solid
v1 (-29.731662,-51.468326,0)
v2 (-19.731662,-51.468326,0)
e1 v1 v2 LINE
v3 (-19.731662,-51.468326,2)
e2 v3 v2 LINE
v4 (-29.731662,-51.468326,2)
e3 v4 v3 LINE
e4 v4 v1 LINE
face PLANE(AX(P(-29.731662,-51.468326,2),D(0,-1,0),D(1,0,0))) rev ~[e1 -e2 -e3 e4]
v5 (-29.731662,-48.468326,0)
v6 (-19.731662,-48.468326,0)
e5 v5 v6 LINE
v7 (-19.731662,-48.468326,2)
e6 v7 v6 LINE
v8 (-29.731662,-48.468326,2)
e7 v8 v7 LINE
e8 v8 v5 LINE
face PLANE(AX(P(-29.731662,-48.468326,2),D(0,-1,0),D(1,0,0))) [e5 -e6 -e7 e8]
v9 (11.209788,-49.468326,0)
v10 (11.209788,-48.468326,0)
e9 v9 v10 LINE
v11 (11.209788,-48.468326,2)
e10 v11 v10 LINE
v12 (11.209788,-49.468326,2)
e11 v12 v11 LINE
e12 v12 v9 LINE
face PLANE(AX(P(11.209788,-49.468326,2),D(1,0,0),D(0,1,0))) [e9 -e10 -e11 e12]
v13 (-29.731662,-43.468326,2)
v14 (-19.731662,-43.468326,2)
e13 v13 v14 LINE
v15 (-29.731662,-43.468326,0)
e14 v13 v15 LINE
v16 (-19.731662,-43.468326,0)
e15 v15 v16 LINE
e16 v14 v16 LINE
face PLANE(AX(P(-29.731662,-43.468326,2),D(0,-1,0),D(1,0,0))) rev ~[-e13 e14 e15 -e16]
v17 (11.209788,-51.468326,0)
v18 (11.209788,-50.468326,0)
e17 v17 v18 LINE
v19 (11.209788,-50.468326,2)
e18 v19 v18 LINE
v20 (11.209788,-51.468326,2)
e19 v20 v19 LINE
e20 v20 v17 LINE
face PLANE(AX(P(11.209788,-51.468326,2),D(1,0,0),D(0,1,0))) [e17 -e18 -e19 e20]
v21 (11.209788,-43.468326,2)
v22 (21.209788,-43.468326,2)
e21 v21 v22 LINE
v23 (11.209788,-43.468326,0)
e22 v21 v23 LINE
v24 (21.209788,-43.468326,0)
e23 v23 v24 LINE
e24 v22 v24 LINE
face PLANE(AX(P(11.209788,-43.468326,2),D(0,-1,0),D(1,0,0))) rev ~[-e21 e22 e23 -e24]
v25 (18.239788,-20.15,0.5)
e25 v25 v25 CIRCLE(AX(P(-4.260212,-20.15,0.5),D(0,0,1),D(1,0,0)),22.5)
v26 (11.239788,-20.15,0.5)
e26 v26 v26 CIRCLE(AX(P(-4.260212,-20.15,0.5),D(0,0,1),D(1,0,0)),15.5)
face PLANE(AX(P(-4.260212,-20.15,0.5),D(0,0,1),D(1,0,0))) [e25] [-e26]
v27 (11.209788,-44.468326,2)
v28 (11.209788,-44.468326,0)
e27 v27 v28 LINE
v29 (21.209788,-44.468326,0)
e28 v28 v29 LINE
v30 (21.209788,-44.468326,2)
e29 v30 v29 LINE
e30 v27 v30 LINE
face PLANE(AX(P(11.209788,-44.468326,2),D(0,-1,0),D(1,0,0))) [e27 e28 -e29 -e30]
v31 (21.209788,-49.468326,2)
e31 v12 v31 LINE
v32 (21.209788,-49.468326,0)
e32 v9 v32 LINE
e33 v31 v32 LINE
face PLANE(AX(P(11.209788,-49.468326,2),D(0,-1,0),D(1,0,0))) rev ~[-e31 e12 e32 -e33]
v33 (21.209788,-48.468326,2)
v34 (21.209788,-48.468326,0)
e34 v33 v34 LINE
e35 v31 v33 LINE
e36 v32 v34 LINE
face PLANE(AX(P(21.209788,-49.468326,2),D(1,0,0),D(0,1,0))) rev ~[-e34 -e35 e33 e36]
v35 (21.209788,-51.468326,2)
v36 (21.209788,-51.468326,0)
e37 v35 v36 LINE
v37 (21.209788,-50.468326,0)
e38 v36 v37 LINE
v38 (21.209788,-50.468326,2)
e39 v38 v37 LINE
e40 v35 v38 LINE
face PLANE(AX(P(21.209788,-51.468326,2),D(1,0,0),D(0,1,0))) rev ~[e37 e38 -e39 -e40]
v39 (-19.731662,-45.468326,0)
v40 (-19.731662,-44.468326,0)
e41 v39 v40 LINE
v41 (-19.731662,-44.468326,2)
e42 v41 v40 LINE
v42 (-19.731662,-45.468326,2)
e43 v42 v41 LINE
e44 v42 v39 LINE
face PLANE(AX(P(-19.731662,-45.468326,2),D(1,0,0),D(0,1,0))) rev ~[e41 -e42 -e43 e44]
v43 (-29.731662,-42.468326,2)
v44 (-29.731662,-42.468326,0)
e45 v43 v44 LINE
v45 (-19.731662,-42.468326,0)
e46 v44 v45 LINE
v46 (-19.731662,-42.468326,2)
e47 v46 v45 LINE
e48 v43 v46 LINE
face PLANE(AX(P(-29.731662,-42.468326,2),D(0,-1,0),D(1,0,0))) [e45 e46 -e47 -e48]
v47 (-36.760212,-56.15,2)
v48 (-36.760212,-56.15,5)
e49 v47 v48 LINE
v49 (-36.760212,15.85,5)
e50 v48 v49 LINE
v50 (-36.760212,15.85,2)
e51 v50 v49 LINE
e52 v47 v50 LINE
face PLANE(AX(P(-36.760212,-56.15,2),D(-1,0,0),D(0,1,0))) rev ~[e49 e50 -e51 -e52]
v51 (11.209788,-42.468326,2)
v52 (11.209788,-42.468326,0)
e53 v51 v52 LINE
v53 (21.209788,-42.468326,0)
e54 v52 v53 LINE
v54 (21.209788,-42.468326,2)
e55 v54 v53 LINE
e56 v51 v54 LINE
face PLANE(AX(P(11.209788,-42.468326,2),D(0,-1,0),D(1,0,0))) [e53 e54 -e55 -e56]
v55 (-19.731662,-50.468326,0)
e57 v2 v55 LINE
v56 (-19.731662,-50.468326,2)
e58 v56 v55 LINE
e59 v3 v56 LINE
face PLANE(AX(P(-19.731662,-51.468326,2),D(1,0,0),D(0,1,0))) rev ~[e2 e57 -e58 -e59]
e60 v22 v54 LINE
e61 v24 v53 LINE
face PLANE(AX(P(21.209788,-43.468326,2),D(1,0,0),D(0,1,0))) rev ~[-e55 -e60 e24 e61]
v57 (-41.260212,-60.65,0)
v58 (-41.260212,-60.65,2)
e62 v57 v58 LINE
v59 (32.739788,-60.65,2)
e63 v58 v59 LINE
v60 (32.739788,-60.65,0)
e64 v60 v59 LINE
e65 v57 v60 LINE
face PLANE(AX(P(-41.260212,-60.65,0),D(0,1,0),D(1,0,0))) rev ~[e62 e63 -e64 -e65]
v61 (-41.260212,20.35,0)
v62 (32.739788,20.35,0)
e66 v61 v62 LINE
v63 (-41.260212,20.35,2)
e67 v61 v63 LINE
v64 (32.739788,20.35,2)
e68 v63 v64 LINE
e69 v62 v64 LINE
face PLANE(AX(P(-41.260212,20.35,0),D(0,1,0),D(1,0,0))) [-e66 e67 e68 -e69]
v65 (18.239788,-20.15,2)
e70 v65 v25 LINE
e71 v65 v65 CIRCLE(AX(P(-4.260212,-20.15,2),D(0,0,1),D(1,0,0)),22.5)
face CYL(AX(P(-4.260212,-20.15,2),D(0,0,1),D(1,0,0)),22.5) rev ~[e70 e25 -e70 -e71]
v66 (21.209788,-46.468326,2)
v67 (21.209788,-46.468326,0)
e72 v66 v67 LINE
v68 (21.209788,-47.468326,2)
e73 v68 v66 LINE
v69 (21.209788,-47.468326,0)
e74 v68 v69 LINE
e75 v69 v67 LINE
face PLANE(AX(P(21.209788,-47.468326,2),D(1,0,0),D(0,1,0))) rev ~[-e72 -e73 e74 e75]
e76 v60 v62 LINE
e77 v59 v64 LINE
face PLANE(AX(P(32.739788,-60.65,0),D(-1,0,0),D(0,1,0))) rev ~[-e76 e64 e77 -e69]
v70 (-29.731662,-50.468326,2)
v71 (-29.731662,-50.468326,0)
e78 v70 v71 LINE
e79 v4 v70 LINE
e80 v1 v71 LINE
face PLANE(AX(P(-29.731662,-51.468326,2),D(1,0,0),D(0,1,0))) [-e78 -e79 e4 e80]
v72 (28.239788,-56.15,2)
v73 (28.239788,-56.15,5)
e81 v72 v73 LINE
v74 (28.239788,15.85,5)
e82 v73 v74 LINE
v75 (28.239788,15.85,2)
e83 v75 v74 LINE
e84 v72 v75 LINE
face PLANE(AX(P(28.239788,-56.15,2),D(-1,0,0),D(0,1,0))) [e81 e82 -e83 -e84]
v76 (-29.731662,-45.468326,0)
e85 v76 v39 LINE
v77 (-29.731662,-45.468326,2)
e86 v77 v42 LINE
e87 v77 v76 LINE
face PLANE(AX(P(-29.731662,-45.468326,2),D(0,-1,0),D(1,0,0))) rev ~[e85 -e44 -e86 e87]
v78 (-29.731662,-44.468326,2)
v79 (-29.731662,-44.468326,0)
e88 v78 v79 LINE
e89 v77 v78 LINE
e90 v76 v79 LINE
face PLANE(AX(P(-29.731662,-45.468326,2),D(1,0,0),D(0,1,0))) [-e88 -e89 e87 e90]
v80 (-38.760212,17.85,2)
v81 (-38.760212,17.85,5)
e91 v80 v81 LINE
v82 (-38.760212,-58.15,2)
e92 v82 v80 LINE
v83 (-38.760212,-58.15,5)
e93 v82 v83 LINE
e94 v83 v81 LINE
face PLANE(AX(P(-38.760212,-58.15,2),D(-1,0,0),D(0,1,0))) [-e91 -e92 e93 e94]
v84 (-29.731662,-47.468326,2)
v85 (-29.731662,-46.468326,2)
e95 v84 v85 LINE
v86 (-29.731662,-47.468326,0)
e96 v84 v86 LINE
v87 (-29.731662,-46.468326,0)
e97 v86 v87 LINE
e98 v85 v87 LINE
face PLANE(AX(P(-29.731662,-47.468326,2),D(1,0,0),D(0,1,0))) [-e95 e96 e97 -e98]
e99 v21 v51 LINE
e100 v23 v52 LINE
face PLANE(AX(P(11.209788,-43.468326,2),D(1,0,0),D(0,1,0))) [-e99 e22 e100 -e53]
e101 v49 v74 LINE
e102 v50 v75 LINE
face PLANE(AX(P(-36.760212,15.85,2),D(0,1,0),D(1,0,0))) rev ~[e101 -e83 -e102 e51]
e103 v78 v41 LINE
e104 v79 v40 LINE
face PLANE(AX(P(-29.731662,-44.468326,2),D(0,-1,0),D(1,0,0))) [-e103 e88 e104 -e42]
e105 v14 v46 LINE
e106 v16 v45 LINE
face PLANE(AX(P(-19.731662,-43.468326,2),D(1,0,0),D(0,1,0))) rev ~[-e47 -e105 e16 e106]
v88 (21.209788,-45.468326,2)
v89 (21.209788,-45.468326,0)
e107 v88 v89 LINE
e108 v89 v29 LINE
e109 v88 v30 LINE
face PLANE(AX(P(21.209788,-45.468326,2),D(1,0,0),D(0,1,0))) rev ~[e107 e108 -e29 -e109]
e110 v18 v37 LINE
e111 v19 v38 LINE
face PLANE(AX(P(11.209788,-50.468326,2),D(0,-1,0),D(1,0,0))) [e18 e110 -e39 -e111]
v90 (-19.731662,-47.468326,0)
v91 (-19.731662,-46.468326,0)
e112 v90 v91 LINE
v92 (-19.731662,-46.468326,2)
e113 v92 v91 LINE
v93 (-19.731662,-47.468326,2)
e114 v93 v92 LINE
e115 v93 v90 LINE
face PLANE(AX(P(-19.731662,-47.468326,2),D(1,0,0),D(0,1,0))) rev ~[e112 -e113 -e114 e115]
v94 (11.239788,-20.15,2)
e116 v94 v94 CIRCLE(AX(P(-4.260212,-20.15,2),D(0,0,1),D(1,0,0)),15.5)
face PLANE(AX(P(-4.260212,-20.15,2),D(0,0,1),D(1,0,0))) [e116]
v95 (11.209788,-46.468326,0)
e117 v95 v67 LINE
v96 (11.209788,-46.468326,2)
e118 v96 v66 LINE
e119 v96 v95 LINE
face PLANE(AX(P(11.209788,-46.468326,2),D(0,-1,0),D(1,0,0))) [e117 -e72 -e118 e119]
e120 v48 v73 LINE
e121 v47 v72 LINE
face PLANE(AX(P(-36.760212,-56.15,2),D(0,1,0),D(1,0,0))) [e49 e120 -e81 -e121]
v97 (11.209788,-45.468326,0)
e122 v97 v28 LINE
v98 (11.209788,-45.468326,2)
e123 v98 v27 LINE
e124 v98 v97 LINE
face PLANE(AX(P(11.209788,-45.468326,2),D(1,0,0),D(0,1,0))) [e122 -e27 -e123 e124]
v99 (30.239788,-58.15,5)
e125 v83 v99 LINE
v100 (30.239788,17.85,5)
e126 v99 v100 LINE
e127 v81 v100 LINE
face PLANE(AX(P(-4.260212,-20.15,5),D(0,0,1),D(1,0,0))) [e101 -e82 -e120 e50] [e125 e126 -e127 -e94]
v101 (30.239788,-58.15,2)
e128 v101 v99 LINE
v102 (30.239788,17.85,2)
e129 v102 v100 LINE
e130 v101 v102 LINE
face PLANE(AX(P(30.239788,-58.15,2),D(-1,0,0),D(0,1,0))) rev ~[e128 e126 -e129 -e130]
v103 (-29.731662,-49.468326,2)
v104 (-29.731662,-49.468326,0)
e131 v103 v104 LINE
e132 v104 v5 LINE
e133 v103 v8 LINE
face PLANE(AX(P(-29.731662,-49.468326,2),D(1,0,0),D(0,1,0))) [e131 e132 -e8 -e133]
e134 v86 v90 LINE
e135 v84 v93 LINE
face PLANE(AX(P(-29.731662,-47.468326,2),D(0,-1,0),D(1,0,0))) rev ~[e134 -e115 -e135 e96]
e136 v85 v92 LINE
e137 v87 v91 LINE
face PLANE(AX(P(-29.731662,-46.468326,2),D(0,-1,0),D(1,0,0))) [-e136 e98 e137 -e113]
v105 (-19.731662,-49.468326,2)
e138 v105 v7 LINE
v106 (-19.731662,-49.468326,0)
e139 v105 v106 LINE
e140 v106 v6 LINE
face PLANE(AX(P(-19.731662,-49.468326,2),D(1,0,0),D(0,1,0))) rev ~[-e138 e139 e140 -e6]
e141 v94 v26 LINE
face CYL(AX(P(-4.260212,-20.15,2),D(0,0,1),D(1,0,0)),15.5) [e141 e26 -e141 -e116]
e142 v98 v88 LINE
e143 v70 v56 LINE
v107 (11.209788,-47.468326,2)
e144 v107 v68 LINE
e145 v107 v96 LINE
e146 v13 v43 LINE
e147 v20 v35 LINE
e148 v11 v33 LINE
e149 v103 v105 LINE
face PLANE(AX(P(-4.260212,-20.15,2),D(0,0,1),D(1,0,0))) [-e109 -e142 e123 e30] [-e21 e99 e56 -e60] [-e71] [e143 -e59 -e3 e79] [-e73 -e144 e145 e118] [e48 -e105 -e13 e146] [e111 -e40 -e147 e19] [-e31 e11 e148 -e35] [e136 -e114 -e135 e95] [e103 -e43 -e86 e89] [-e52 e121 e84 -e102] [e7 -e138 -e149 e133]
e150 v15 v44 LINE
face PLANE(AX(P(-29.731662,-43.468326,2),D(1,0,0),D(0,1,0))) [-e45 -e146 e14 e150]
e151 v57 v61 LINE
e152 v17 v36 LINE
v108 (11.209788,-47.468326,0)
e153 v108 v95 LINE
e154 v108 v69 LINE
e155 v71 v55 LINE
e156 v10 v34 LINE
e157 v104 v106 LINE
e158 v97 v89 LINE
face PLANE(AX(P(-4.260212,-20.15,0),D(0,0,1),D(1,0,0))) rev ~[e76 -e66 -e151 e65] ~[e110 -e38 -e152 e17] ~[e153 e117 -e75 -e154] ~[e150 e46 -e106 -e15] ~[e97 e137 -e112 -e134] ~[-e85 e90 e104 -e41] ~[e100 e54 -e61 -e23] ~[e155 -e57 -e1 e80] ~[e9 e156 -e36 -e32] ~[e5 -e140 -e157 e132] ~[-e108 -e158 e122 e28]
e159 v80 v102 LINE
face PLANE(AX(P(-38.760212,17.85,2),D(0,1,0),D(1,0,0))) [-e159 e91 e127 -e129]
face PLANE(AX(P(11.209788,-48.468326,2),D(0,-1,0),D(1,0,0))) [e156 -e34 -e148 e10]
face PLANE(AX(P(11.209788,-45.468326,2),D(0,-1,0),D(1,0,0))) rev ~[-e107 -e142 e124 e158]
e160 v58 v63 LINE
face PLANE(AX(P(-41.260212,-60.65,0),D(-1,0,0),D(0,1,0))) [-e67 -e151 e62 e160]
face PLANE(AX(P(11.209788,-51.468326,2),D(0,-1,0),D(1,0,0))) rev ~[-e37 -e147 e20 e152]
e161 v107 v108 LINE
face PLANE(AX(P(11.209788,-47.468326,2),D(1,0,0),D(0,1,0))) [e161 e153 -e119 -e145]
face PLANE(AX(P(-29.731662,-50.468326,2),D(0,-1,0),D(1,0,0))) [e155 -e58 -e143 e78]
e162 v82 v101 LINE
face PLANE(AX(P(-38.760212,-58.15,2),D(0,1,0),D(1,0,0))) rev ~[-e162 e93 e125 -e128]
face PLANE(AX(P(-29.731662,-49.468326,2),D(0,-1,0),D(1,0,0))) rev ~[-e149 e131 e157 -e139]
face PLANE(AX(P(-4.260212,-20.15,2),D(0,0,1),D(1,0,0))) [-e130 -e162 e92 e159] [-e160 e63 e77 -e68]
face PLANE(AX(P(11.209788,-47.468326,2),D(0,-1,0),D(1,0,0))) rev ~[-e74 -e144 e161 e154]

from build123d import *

# Parameters (mm, degrees)
SKIZZE1_W                       = 74
SKIZZE1_H                       = 81
AUFSATZ_LINEAR_AUSTRAGEN1_DEPTH = 2
SKIZZE2_W                       = 69
SKIZZE2_H                       = 76
SKIZZE2_W_2                     = 65
SKIZZE2_H_2                     = 72
AUFSATZ_LINEAR_AUSTRAGEN2_DEPTH = 3
SKIZZE3_R                       = 22.5
SKIZZE3_R_2                     = 15.5
SCHNITT_LINEAR_AUSTRAGEN3_DEPTH = 1.5
SKIZZE4_W                       = 10
SKIZZE4_H                       = 1
SCHNITT_LINEAR_AUSTRAGEN4_DEPTH = 3
SKIZZE5_W                       = 10
SKIZZE5_H                       = 1
SCHNITT_LINEAR_AUSTRAGEN5_DEPTH = 3


with BuildPart() as part:
    # Skizze1 → Aufsatz-Linear austragen1 (new body)
    with BuildSketch(Plane.XY):
        with Locations((-4.260212221, -20.15)):
            Rectangle(SKIZZE1_W, SKIZZE1_H)
    extrude(amount=AUFSATZ_LINEAR_AUSTRAGEN1_DEPTH)

    # Skizze2 → Aufsatz-Linear austragen2 (add)
    with BuildSketch(Plane.XY.offset(2)):
        with Locations((-4.260212221, -20.15)):
            Rectangle(SKIZZE2_W, SKIZZE2_H)
        with Locations((-4.260212221, -20.15)):
            Rectangle(SKIZZE2_W_2, SKIZZE2_H_2, mode=Mode.SUBTRACT)
    extrude(amount=AUFSATZ_LINEAR_AUSTRAGEN2_DEPTH)

    # Skizze3 → Schnitt-Linear austragen3 (cut)
    with BuildSketch(Plane.XY.offset(2)):
        with Locations((-4.260212221, -20.15)):
            Circle(SKIZZE3_R)
        with Locations((-4.260212221, -20.15)):
            Circle(SKIZZE3_R_2, mode=Mode.SUBTRACT)
    extrude(amount=-SCHNITT_LINEAR_AUSTRAGEN3_DEPTH, mode=Mode.SUBTRACT)

    # Skizze4 → Schnitt-Linear austragen4 (cut, through all)
    with BuildSketch(Plane.XY.offset(2)):
        with Locations((-24.731661751, -48.968325553)):
            Rectangle(SKIZZE4_W, SKIZZE4_H)
        with Locations((-24.731661751, -50.968325553)):
            Rectangle(SKIZZE4_W, SKIZZE4_H)
        with Locations((-24.731661751, -46.968325553)):
            Rectangle(SKIZZE4_W, SKIZZE4_H)
        with Locations((-24.731661751, -44.968325553)):
            Rectangle(SKIZZE4_W, SKIZZE4_H)
        with Locations((-24.731661751, -42.968325553)):
            Rectangle(SKIZZE4_W, SKIZZE4_H)
    extrude(amount=-SCHNITT_LINEAR_AUSTRAGEN4_DEPTH, mode=Mode.SUBTRACT)

    # Skizze5 → Schnitt-Linear austragen5 (cut, through all)
    with BuildSketch(Plane.XY.offset(2)):
        with Locations((16.209787779, -50.968325553)):
            Rectangle(SKIZZE5_W, SKIZZE5_H)
        with Locations((16.209787779, -48.968325553)):
            Rectangle(SKIZZE5_W, SKIZZE5_H)
        with Locations((16.209787779, -46.968325553)):
            Rectangle(SKIZZE5_W, SKIZZE5_H)
        with Locations((16.209787779, -44.968325553)):
            Rectangle(SKIZZE5_W, SKIZZE5_H)
        with Locations((16.209787779, -42.968325553)):
            Rectangle(SKIZZE5_W, SKIZZE5_H)
    extrude(amount=-SCHNITT_LINEAR_AUSTRAGEN5_DEPTH, mode=Mode.SUBTRACT)


solid = part.part
